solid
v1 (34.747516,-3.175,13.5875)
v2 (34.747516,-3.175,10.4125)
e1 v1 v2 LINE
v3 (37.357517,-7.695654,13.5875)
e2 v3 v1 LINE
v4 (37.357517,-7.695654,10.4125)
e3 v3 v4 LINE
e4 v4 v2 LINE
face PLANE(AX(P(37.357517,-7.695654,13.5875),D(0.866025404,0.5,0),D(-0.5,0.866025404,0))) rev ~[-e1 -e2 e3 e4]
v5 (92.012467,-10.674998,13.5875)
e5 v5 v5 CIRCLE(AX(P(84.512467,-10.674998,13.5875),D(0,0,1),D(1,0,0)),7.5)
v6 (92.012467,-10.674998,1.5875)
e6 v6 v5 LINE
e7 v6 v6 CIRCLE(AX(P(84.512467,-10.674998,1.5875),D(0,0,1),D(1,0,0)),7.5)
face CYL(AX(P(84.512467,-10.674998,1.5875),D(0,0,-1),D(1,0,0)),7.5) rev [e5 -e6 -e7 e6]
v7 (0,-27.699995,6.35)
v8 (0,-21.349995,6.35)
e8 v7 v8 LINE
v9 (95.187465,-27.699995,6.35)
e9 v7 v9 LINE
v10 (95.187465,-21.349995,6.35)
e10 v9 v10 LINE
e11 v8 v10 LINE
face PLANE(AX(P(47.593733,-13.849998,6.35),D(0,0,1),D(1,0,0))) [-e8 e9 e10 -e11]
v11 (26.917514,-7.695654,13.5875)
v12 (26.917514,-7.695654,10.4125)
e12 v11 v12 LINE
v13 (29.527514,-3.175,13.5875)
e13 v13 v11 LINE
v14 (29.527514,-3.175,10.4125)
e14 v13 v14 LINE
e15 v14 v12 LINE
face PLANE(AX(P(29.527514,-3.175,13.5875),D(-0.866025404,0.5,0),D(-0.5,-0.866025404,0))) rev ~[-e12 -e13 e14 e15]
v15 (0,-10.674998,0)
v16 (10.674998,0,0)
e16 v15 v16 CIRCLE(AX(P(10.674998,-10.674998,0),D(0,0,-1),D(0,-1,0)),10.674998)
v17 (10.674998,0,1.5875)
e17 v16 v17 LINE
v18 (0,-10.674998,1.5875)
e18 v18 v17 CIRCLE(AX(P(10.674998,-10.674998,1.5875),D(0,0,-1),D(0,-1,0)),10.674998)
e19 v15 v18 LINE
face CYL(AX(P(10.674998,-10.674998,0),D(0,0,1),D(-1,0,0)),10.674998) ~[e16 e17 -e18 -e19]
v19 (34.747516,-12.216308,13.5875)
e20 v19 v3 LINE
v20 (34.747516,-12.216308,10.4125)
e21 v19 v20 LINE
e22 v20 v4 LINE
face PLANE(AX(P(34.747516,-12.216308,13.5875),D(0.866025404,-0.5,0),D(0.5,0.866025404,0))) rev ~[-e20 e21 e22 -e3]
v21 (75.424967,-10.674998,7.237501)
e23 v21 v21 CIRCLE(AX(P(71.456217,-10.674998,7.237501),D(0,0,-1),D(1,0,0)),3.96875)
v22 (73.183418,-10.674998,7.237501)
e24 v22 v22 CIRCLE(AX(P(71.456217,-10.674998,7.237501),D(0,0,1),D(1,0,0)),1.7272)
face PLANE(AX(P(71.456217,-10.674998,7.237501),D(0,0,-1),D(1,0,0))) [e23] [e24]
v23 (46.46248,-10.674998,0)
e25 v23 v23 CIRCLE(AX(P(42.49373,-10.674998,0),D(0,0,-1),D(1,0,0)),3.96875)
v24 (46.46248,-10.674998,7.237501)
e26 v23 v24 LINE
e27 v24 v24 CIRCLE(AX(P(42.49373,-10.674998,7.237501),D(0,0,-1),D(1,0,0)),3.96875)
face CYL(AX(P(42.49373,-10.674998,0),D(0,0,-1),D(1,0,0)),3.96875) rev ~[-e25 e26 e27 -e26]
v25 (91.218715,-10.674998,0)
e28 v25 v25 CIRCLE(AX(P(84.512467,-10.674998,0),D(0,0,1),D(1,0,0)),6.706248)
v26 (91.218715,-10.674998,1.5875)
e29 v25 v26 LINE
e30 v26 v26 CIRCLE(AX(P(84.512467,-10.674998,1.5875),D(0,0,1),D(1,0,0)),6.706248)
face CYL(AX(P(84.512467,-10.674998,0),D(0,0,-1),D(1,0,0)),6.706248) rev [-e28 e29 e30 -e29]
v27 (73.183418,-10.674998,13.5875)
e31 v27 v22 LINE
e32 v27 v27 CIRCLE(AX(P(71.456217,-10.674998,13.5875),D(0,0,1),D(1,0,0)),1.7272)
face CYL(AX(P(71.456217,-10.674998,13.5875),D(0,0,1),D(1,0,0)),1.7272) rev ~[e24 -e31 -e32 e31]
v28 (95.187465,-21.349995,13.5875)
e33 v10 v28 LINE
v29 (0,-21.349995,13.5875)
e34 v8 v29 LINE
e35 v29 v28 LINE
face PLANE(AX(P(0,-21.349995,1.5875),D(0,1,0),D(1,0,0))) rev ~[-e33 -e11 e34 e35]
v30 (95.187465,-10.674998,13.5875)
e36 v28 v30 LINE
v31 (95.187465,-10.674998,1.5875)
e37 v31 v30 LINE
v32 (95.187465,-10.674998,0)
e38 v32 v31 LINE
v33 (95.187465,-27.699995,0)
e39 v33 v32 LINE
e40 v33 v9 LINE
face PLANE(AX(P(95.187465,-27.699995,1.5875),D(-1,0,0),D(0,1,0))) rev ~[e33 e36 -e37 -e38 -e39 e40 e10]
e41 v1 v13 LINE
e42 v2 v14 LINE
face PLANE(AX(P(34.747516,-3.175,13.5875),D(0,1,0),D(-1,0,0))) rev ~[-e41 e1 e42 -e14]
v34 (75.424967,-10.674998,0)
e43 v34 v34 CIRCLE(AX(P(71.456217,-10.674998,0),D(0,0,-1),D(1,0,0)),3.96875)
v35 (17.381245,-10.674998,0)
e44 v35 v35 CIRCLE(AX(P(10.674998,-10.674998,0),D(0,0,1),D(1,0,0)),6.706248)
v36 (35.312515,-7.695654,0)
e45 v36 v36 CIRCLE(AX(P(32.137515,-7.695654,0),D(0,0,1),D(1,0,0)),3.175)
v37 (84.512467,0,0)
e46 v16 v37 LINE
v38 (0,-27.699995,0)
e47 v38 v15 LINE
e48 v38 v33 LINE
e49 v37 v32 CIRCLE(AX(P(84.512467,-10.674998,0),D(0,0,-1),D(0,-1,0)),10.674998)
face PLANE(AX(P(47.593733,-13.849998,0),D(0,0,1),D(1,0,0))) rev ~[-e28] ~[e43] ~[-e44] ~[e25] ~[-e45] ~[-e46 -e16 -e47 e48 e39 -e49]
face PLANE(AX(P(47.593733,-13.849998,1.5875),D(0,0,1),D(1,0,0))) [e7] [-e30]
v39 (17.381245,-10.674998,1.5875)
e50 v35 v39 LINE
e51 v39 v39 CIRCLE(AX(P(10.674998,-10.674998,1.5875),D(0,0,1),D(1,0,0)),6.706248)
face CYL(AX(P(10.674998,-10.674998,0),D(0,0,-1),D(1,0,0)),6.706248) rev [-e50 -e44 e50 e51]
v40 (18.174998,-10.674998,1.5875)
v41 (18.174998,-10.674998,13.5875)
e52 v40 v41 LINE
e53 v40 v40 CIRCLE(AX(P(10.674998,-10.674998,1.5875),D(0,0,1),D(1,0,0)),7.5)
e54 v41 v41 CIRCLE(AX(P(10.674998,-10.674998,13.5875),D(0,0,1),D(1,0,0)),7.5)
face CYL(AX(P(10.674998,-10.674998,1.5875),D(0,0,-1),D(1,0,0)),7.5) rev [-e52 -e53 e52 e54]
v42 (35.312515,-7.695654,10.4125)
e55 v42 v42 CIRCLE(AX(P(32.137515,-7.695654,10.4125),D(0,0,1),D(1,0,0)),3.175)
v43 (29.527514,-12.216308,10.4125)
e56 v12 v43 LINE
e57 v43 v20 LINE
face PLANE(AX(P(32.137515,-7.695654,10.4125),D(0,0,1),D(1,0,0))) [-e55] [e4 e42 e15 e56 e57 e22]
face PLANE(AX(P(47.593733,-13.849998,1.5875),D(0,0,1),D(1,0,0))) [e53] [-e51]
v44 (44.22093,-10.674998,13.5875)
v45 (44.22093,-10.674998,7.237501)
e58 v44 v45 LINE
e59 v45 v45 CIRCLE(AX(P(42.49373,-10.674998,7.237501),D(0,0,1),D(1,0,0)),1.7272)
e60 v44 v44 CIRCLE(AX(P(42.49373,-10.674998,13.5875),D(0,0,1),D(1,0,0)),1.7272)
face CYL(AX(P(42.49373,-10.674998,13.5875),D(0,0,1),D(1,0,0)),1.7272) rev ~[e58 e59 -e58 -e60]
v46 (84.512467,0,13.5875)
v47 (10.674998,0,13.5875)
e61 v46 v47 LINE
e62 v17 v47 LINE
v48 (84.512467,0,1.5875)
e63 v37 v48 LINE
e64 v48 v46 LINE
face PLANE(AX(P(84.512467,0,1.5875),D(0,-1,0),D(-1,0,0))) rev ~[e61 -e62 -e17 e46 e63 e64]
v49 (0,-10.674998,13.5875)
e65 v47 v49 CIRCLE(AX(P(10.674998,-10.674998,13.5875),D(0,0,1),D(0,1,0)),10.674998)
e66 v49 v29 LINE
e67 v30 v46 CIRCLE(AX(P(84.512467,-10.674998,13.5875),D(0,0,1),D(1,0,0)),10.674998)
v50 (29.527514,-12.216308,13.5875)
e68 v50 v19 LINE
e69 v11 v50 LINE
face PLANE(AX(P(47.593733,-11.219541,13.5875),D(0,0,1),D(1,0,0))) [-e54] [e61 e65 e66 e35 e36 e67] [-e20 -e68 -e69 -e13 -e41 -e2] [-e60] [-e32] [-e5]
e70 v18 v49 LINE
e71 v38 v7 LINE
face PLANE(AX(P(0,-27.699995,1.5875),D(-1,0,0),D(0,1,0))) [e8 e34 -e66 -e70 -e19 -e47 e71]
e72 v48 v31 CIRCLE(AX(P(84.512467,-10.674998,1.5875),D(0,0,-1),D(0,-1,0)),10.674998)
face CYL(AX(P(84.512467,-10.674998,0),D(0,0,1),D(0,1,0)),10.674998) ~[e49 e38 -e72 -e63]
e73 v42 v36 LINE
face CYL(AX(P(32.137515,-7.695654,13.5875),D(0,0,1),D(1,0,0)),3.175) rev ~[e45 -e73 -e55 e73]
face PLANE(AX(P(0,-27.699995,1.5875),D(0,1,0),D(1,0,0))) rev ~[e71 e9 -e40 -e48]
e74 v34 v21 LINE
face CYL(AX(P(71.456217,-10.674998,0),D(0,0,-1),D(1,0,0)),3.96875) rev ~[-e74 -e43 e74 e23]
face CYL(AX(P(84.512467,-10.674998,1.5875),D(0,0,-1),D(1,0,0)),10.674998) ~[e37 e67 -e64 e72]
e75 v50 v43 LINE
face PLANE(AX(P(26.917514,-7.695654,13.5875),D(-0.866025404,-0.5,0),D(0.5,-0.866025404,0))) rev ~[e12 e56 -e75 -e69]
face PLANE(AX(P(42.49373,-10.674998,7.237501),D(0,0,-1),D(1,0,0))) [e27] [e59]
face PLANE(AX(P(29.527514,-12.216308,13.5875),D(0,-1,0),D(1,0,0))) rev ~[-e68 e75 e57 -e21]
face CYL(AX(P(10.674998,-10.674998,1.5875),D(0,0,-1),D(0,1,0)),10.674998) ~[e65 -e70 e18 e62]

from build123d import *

# Parameters (mm, degrees)
F0_W      = 95.1874652
F0_H      = 27.6999954
F0_R      = 6.7062477
F1_DEPTH  = 1.5875
F2_R      = 10.6749977
F3_R      = 7.5
F4_DEPTH  = 12
F5_DEPTH  = 4.7625
F6_R      = 1.7272
F6_R_2    = 3.175
F7_DEPTH  = 13.5875
F8_R      = 3.96875
F9_DEPTH  = 7.2375014
F11_DEPTH = 3.175


with BuildPart() as f1:
    # F0 (on Top) → F1 (new body)
    with BuildSketch(Plane.XY):
        with Locations((47.5937326, -13.8499977)):
            Rectangle(F0_W, F0_H)
        with Locations((10.6749977, -10.6749977)):
            Circle(F0_R, mode=Mode.SUBTRACT)
        with Locations((84.5124675, -10.6749977)):
            Circle(F0_R, mode=Mode.SUBTRACT)
    extrude(amount=F1_DEPTH)

    # F2
    f2_edges = [f1.edges().sort_by_distance(p)[0] for p in [
        (0, 0, 0.79375),
        (95.187465, 0, 0.79375),
    ]]
    fillet(f2_edges, radius=F2_R)

    # F3 (on face) → F4 (join)
    with BuildSketch(Plane.XY.offset(1.5875)):
        with BuildLine():
            Line((0, -10.6749977), (0, -21.3499954))
            Line((0, -21.3499954), (95.1874652, -21.3499954))
            Line((95.1874652, -21.3499954), (95.1874652, -10.6749977))
            ThreePointArc((95.1874652, -10.6749977), (92.0608307628, -3.1266344372), (84.5124675, 0))
            Line((84.5124675, 0), (10.6749977, 0))
            ThreePointArc((10.6749977, 0), (3.1266344372, -3.1266344372), (0, -10.6749977))
        make_face()
        with Locations((10.6749977, -10.6749977)):
            Circle(F3_R, mode=Mode.SUBTRACT)
        with Locations((84.5124675, -10.6749977)):
            Circle(F3_R, mode=Mode.SUBTRACT)
    extrude(amount=F4_DEPTH)

    # F5 (add): a face of the model
    f5_faces = [f1.faces().sort_by_distance(p)[0] for p in [
        (47.5937326, -24.5249954, 1.5875),
    ]]
    extrude(f5_faces, amount=F5_DEPTH)

    # F6 (on face) → F7 (cut, through all)
    with BuildSketch(Plane.XY.offset(13.5875)):
        with Locations((42.4937295646, -10.6749977)):
            Circle(F6_R)
        with Locations((71.4562175, -10.6749977)):
            Circle(F6_R)
        with Locations((32.1375151, -7.6956539)):
            Circle(F6_R_2)
    extrude(amount=-F7_DEPTH, mode=Mode.SUBTRACT)

    # F8 (on face) → F9 (cut)
    with BuildSketch(Plane(origin=(0, 0, 0), x_dir=(1, 0, 0), z_dir=(0, 0, -1))):
        with Locations((71.4562175, 10.6749977)):
            Circle(F8_R)
        with Locations((42.4937295646, 10.6749977)):
            Circle(F8_R)
    extrude(amount=-F9_DEPTH, mode=Mode.SUBTRACT)

    # F10 (on face) → F11 (cut)
    with BuildSketch(Plane.XY.offset(13.5875)):
        Polygon((34.7475158461, -3.175), (29.5275143539, -3.175), (26.9175136078, -7.6956539), (29.5275143539, -12.2163078), (34.7475158461, -12.2163078), (37.3575165922, -7.6956539), align=None)
    extrude(amount=-F11_DEPTH, mode=Mode.SUBTRACT)


solid = f1.part
